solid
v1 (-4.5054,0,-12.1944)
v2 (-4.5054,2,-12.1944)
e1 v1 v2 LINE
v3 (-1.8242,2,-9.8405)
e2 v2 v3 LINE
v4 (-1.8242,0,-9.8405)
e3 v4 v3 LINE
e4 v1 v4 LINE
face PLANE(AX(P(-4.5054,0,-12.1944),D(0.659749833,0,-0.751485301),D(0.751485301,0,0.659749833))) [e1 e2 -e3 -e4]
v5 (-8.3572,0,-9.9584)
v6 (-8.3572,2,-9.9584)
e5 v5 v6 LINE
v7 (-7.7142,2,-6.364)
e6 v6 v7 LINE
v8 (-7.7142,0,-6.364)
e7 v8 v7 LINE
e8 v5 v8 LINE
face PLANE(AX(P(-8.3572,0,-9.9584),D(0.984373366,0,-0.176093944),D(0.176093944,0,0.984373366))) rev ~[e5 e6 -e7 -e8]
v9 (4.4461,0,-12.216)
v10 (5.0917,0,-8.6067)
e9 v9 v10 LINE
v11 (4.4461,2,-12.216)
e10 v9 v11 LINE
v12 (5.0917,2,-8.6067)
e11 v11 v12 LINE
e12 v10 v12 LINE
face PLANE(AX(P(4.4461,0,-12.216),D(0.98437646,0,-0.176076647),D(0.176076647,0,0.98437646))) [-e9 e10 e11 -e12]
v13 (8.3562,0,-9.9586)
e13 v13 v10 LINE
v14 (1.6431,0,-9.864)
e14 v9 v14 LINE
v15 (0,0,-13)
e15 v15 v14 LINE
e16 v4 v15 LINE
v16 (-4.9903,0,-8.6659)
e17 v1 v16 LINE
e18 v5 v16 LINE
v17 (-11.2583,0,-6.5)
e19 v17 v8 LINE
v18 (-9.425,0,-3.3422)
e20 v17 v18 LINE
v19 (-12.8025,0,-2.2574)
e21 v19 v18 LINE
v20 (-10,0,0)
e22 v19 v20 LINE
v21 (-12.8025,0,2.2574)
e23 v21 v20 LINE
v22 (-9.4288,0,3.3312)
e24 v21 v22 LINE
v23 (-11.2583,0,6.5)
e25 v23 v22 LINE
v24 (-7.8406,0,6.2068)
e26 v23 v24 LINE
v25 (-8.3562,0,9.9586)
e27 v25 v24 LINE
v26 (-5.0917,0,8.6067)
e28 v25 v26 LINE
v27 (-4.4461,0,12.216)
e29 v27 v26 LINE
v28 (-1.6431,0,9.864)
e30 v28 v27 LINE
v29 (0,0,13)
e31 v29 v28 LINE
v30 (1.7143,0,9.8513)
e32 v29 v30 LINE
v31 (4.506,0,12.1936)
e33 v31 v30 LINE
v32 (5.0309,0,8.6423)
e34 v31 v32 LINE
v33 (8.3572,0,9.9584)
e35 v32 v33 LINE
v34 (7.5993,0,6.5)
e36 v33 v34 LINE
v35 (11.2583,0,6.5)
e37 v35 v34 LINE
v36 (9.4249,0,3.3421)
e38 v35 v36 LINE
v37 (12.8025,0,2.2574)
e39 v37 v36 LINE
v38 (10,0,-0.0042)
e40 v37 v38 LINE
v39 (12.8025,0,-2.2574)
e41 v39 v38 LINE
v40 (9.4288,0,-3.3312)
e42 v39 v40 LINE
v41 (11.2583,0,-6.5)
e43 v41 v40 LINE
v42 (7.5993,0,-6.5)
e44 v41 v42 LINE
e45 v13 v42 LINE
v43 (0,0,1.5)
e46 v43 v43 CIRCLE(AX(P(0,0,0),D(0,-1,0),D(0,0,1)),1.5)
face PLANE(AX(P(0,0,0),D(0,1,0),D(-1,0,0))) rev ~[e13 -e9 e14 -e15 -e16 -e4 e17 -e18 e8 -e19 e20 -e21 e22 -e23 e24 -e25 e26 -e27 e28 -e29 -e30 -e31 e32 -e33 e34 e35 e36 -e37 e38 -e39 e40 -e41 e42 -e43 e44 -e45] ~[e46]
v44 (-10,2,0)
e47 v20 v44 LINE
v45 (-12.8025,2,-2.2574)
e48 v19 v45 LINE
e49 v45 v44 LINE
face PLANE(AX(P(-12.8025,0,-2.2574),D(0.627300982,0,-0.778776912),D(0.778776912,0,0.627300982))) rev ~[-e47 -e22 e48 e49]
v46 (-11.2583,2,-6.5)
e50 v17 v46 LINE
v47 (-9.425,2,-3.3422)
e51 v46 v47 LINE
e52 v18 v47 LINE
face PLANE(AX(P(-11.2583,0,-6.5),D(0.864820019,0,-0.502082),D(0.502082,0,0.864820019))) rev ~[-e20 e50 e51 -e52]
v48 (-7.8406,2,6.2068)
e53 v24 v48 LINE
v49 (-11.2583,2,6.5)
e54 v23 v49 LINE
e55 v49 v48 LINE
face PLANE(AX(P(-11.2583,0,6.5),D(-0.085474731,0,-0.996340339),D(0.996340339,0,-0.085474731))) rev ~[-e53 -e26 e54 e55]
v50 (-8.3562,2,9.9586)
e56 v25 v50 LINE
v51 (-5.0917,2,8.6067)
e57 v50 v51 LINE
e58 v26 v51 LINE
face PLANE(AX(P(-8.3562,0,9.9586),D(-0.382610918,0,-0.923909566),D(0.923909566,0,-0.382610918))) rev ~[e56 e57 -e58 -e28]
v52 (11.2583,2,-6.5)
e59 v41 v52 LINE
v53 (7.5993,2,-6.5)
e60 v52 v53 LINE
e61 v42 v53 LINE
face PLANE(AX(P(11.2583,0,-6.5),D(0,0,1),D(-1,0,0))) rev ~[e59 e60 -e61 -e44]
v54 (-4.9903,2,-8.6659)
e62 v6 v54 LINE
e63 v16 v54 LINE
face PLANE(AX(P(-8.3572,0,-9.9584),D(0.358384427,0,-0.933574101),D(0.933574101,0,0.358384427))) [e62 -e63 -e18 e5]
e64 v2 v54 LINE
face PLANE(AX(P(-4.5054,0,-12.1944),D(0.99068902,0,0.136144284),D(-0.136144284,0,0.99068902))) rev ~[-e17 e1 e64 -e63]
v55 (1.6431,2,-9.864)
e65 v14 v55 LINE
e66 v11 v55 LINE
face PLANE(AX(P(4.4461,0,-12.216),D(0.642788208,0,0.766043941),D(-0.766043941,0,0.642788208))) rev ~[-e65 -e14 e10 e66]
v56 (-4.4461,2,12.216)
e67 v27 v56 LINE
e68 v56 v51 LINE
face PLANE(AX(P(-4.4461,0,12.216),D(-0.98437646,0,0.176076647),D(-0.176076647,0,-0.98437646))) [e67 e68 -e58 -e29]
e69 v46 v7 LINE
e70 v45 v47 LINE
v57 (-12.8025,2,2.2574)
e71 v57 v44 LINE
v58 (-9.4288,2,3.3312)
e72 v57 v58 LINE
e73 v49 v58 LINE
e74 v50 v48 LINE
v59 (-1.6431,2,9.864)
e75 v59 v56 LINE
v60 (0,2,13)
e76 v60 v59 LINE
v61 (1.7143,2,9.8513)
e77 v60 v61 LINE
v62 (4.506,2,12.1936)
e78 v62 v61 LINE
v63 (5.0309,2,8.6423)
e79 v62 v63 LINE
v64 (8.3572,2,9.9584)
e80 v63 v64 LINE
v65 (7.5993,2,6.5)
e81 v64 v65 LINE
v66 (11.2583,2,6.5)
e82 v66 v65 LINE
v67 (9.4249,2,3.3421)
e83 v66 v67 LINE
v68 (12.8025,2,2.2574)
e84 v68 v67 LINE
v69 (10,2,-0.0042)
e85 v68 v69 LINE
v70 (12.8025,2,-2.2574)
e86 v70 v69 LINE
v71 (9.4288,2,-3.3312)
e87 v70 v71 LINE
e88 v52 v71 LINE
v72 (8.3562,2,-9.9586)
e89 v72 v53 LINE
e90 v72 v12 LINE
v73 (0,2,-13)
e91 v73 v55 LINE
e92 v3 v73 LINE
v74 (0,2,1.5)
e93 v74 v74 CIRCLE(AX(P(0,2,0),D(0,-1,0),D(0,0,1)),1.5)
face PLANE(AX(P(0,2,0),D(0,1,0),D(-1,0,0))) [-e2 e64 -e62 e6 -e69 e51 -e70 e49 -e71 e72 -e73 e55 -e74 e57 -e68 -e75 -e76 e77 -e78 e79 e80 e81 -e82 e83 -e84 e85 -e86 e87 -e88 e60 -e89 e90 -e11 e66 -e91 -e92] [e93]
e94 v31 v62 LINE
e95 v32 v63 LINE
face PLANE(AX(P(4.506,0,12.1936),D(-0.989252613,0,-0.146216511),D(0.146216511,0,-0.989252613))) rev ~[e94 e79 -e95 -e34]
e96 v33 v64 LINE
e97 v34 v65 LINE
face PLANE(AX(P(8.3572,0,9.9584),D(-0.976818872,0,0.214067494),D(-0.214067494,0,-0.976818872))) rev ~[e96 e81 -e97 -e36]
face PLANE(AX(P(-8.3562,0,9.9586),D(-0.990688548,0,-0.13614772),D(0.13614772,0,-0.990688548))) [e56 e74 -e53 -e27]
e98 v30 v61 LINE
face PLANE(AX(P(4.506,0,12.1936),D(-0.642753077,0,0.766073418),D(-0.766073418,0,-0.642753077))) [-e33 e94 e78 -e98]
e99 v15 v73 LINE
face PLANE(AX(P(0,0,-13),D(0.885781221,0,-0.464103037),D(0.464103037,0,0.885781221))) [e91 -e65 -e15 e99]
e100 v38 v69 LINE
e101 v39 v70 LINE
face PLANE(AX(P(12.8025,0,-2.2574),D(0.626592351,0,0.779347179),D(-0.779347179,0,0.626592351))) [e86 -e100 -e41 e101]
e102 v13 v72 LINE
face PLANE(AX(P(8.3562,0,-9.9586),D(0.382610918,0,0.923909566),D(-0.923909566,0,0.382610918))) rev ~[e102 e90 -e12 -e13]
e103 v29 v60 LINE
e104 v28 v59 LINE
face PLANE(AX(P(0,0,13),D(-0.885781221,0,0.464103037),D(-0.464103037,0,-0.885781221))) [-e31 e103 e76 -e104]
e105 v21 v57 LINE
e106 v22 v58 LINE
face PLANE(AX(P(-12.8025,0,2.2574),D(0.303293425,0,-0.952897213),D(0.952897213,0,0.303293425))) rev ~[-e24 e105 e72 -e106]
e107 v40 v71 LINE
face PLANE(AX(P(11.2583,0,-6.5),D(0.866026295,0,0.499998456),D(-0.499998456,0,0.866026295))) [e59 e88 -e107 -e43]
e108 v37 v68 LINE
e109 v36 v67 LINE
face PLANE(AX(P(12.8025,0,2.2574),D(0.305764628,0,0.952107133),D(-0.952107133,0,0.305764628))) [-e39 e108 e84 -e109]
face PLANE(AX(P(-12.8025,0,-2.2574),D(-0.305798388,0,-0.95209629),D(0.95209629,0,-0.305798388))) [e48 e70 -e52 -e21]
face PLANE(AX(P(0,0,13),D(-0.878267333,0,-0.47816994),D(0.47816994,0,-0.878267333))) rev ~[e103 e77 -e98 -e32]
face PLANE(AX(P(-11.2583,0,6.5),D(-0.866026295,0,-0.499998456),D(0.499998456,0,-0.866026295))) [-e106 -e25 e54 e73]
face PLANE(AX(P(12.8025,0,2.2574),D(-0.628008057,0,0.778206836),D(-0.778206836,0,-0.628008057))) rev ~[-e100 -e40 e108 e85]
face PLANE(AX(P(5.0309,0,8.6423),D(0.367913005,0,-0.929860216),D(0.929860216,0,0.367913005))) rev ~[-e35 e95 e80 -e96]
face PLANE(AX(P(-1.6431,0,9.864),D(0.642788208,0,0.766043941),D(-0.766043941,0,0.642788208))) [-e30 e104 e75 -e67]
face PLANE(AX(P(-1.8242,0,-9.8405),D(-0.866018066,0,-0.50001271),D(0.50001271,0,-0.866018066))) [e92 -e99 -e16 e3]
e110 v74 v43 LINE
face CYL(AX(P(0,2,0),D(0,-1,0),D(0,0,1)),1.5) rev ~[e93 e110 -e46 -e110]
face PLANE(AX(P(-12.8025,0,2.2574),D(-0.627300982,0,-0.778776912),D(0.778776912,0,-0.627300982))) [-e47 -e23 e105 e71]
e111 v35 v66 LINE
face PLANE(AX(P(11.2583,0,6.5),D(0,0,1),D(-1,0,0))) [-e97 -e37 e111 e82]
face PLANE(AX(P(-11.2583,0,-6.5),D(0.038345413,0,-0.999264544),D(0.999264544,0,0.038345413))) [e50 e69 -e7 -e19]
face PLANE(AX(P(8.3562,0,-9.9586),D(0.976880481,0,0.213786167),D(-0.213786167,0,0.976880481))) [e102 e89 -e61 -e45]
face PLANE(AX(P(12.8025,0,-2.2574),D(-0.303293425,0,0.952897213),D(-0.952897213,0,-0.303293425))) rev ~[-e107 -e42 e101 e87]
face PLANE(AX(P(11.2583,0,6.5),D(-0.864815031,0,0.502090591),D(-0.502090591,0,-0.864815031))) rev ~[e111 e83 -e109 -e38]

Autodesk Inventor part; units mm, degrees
ref_plane "YZ Plane" through (0, 0, 0) normal (1, 0, 0) x (0, 1, 0)
ref_plane "XZ Plane" through (0, 0, 0) normal (0, 1, 0) x (-1, 0, 0)
ref_plane "XY Plane" through (0, 0, 0) normal (0, 0, 1) x (1, 0, 0)
sketch "Szkic1" plane through (0, 0, 0) normal (0, 1, 0) x (-1, 0, 0)
  line L0 (0, 12.8914) -> (0, 13)
  line L1 (4.409, 12.114) -> (4.4461, 12.216)
  line L2 (0, 0) -> (13, 0) construction
  line L3 (0, 0) -> (13, 0) construction
  line L4 (12.8025, -2.2574) -> (12.7826, -2.312)
  line L5 (0, -13) -> (0.0571, -12.9898)
  line L6 (0, 13) -> (-1.7143, 9.8513)
  line L7 (-4.506, 12.1936) -> (-1.7143, 9.8513)
  line L8 (-4.506, 12.1936) -> (-5.0309, 8.6423)
  line L9 (-5.0309, 8.6423) -> (-8.3572, 9.9584)
  line L10 (-8.3572, 9.9584) -> (-7.5993, 6.5)
  line L11 (-11.2583, 6.5) -> (-7.5993, 6.5)
  line L12 (-12.8025, 2.2574) -> (-9.4249, 3.3421)
  line L13 (-11.2583, 6.5) -> (-9.4249, 3.3421)
  line L14 (-12.8025, 2.2574) -> (-10, -0.0042)
  line L15 (-12.8025, -2.2574) -> (-10, -0.0042)
  line L16 (-4.4461, -12.216) -> (-1.6431, -9.864)
  line L17 (0, -13) -> (-1.6431, -9.864)
  line L18 (4.5054, -12.1944) -> (1.8242, -9.8405)
  line L19 (1.8242, -9.8405) -> (0, -13)
  line L20 (-8.3562, -9.9586) -> (-5.0917, -8.6067)
  line L21 (-4.4461, -12.216) -> (-5.0917, -8.6067)
  line L22 (-8.3562, -9.9586) -> (-7.5993, -6.5)
  line L23 (-11.2583, -6.5) -> (-7.5993, -6.5)
  line L24 (-11.2583, -6.5) -> (-9.4288, -3.3312)
  line L25 (-12.8025, -2.2574) -> (-9.4288, -3.3312)
  line L26 (4.5054, -12.1944) -> (4.9903, -8.6659)
  line L27 (8.3572, -9.9584) -> (4.9903, -8.6659)
  line L28 (8.3572, -9.9584) -> (7.7142, -6.364)
  line L29 (11.2583, -6.5) -> (7.7142, -6.364)
  line L30 (11.2583, -6.5) -> (9.425, -3.3422)
  line L31 (12.8025, -2.2574) -> (9.425, -3.3422)
  line L32 (0, 13) -> (1.6431, 9.864)
  line L33 (1.6431, 9.864) -> (4.4461, 12.216)
  line L34 (4.4461, 12.216) -> (5.0917, 8.6067)
  line L35 (8.3562, 9.9586) -> (5.0917, 8.6067)
  line L36 (8.3562, 9.9586) -> (7.8406, 6.2068)
  line L37 (11.2583, 6.5) -> (7.8406, 6.2068)
  line L38 (12.8025, 2.2574) -> (9.4288, 3.3312)
  line L39 (11.2583, 6.5) -> (9.4288, 3.3312)
  line L40 (12.8025, -2.2574) -> (10, 0)
  line L41 (12.8025, 2.2574) -> (10, 0)
  line L42 (-0.0571, 12.9898) -> (0, 13)
  arc A0 (5.0917, 8.6067) -> (5.0298, 8.643) centre (0, 0) ccw
  line L43 (-8.4028, 9.904) -> (-8.3572, 9.9584)
  line L44 (8.4028, -9.904) -> (8.3572, -9.9584)
extrude "Wyciągnięcie proste1" add sketch "Szkic1" along normal blind 2
sketch "Szkic2" plane through (0, 2, 0) normal (0, 1, 0) x (1, 0, 0)
  circle A0 centre (0, 0) radius 1.5
  dimension "d9" = 3
hole "Otwór1" at (0, 2, 0) direction (0, -1, 0) diameter 3 depth 8 tip angle 118
properties part number "zebatka" material "Stal"
